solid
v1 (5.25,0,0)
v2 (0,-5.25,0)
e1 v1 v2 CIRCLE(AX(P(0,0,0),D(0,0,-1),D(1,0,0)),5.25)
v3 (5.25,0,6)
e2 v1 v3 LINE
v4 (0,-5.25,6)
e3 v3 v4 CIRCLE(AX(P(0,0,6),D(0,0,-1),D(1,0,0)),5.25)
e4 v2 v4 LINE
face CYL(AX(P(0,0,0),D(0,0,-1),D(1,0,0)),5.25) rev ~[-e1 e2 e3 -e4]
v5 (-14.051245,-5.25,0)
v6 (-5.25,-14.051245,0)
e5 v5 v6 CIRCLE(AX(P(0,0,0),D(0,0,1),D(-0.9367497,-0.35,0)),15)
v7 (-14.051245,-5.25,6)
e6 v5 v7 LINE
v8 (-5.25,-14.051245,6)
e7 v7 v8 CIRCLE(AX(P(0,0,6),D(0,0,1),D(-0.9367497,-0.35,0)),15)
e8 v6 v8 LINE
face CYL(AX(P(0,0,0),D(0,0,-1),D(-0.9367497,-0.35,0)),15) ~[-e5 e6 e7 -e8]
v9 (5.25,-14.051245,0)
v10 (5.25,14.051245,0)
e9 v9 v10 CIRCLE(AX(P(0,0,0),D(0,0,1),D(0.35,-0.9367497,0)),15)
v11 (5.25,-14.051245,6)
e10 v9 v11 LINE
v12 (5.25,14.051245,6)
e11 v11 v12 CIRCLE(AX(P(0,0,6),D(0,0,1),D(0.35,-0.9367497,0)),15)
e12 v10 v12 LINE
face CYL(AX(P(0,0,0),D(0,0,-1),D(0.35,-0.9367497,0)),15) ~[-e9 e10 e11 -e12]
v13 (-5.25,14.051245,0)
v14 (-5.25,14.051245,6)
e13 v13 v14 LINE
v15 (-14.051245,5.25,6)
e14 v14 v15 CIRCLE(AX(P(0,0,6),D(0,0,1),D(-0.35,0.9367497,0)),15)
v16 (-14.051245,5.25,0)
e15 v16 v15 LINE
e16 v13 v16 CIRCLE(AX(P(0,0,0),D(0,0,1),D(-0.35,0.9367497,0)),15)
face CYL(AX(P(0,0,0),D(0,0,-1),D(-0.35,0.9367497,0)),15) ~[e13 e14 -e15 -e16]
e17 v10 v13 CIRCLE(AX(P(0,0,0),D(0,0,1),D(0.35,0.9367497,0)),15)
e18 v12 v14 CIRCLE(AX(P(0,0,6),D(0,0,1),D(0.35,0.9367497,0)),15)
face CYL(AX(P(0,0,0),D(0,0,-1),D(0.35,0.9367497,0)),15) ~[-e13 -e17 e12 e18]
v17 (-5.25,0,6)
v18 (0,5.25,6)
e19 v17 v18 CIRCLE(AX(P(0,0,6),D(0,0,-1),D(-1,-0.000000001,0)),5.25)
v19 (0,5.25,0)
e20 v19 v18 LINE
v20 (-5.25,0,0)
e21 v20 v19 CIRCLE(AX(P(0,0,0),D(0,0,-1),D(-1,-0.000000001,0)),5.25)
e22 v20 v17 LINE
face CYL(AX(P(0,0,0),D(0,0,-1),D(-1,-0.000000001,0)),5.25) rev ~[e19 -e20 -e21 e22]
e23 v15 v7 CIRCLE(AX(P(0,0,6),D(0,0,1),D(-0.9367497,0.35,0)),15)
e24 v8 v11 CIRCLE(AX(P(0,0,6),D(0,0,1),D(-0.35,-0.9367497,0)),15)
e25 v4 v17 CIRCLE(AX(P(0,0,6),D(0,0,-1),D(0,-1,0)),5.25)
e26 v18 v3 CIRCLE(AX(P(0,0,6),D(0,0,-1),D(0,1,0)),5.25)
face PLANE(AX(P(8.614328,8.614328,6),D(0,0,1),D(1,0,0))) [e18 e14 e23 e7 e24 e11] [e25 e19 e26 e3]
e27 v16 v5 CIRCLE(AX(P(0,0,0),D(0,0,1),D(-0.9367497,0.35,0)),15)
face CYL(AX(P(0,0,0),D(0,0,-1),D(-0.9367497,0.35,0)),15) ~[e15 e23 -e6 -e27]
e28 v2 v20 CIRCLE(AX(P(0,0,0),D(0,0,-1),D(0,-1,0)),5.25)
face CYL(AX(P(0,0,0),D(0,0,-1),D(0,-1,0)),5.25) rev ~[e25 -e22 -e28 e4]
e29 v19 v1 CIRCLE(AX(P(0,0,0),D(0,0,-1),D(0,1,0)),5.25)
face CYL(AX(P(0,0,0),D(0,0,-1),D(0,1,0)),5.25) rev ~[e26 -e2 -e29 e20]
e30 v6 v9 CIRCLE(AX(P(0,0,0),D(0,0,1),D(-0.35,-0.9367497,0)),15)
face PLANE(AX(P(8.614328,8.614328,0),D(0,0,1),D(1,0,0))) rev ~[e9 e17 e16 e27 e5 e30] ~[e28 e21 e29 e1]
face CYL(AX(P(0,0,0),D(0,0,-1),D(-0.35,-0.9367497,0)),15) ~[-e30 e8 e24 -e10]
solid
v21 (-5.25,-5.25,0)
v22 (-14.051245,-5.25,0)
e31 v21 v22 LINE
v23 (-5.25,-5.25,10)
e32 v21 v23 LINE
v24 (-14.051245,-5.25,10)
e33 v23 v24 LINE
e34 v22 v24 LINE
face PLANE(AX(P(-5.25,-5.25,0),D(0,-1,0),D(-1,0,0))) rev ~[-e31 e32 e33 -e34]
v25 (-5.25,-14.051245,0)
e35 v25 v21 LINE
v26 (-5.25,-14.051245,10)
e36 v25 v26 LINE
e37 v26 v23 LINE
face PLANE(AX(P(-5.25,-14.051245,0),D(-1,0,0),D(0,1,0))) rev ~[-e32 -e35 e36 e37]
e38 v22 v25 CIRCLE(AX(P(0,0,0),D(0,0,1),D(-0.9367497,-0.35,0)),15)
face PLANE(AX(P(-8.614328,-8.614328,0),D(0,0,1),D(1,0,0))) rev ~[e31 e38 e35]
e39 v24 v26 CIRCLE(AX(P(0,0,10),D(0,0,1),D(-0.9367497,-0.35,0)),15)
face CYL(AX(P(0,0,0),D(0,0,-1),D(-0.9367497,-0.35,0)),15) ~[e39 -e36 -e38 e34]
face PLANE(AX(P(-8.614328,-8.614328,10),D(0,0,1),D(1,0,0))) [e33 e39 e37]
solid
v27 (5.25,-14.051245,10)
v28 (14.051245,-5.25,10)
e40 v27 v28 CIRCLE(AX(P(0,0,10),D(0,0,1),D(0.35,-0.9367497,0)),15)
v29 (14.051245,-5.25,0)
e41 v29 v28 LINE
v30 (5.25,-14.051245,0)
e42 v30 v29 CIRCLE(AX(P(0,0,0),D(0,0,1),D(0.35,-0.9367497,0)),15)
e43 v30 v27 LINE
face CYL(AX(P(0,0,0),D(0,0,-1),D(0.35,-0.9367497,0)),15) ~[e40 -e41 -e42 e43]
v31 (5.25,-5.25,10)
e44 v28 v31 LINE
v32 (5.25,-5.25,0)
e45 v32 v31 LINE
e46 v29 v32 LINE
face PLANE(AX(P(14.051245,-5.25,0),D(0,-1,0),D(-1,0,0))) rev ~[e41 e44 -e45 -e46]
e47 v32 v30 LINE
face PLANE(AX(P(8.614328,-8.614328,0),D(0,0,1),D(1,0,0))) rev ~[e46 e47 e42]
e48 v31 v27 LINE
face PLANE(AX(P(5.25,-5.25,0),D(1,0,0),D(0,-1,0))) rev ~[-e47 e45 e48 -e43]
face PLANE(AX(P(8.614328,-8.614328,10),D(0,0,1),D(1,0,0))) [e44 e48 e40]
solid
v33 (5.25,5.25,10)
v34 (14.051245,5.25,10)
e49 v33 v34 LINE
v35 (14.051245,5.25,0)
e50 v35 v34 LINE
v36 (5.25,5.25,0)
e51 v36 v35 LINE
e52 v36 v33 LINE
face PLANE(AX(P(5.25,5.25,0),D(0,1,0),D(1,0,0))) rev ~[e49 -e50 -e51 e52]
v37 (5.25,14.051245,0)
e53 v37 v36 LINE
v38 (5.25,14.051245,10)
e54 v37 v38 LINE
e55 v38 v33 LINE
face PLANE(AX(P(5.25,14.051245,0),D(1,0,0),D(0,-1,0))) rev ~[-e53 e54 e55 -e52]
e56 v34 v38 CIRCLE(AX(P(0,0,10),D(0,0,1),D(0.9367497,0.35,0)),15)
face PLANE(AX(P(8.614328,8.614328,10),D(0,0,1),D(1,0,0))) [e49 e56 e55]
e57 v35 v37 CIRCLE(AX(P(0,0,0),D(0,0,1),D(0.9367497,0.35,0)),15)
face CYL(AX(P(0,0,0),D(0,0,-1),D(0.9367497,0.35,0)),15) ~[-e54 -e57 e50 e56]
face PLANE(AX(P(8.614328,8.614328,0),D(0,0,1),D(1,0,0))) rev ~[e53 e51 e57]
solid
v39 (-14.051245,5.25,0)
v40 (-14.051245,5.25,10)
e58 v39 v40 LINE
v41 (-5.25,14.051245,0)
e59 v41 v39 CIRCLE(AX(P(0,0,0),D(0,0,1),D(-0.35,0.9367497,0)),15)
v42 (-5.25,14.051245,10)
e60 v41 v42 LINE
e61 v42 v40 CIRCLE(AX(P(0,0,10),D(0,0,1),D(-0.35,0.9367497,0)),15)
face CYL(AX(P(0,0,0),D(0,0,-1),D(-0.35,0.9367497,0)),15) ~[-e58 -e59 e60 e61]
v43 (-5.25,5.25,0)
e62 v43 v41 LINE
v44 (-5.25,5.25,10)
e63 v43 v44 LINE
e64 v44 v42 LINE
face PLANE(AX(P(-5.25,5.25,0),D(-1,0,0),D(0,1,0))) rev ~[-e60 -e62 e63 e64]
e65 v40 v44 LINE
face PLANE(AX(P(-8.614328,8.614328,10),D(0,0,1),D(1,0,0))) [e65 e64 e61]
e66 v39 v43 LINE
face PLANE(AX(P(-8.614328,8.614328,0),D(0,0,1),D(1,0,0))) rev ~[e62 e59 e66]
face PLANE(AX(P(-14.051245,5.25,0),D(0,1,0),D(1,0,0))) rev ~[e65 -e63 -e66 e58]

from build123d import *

# Parameters (mm, degrees)
F1_DEPTH = 6
F2_DEPTH = 10


with BuildPart() as f1:
    # F0 (on Top) → F1 (new body)
    with BuildSketch(Plane.XY):
        with BuildLine():
            Line((5.25, 5.25), (14.0512454964, 5.25))
            ThreePointArc((14.0512454964, 5.25), (10.6066017178, 10.6066017178), (5.25, 14.0512454964))
            Line((5.25, 14.0512454964), (5.25, 5.25))
        make_face()
        with BuildLine():
            Line((5.25, 5.25), (5.25, 14.0512454964))
            ThreePointArc((5.25, 14.0512454964), (0, 15), (-5.25, 14.0512454964))
            Line((-5.25, 14.0512454964), (-5.25, 5.25))
            Line((-5.25, 5.25), (1.7e-09, 5.25))
            Line((1.7e-09, 5.25), (5.25, 5.25))
        make_face()
        with BuildLine():
            Line((-5.25, 5.25), (-5.25, 14.0512454964))
            ThreePointArc((-5.25, 14.0512454964), (-10.6066017178, 10.6066017178), (-14.0512454964, 5.25))
            Line((-14.0512454964, 5.25), (-5.25, 5.25))
        make_face()
        with BuildLine():
            Line((-5.25, 5.25), (-14.0512454964, 5.25))
            ThreePointArc((-14.0512454964, 5.25), (-15, 0), (-14.0512454964, -5.25))
            Line((-14.0512454964, -5.25), (-5.25, -5.25))
            Line((-5.25, -5.25), (-5.25, -4.1e-09))
            Line((-5.25, -4.1e-09), (-5.25, 5.25))
        make_face()
        with BuildLine():
            ThreePointArc((-14.0512454964, -5.25), (-10.6066017178, -10.6066017178), (-5.25, -14.0512454964))
            Line((-5.25, -14.0512454964), (-5.25, -5.25))
            Line((-5.25, -5.25), (-14.0512454964, -5.25))
        make_face()
        with BuildLine():
            ThreePointArc((-5.25, -14.0512454964), (0, -15), (5.25, -14.0512454964))
            Line((5.25, -14.0512454964), (5.25, -5.25))
            Line((5.25, -5.25), (0, -5.25))
            Line((0, -5.25), (-5.25, -5.25))
            Line((-5.25, -5.25), (-5.25, -14.0512454964))
        make_face()
        with BuildLine():
            ThreePointArc((5.25, -14.0512454964), (10.6066017178, -10.6066017178), (14.0512454964, -5.25))
            Line((14.0512454964, -5.25), (5.25, -5.25))
            Line((5.25, -5.25), (5.25, -14.0512454964))
        make_face()
        with BuildLine():
            ThreePointArc((14.0512454964, -5.25), (14.7609058402, -2.6675192177), (15, 0))
            ThreePointArc((15, 0), (14.7609058402, 2.6675192177), (14.0512454964, 5.25))
            Line((14.0512454964, 5.25), (5.25, 5.25))
            Line((5.25, 5.25), (5.25, 0))
            Line((5.25, 0), (5.25, -5.25))
            Line((5.25, -5.25), (14.0512454964, -5.25))
        make_face()
        with BuildLine():
            Line((5.25, 0), (5.25, 5.25))
            Line((5.25, 5.25), (1.7e-09, 5.25))
            ThreePointArc((1.7e-09, 5.25), (3.7123106018, 3.7123106006), (5.25, 0))
        make_face()
        with BuildLine():
            ThreePointArc((-5.25, -4.1e-09), (-3.712310602, 3.7123106004), (1.7e-09, 5.25))
            Line((1.7e-09, 5.25), (-5.25, 5.25))
            Line((-5.25, 5.25), (-5.25, -4.1e-09))
        make_face()
        with BuildLine():
            Line((-5.25, -5.25), (0, -5.25))
            ThreePointArc((0, -5.25), (-3.7123105998, -3.7123106027), (-5.25, -4.1e-09))
            Line((-5.25, -4.1e-09), (-5.25, -5.25))
        make_face()
        with BuildLine():
            Line((0, -5.25), (5.25, -5.25))
            Line((5.25, -5.25), (5.25, 0))
            ThreePointArc((5.25, 0), (3.7123106012, -3.7123106012), (0, -5.25))
        make_face()
    extrude(amount=F1_DEPTH)


with BuildPart() as f2:
    # F0 (on Top) → F2 (new body)
    with BuildSketch(Plane.XY):
        with BuildLine():
            Line((-5.25, 5.25), (-5.25, 14.0512454964))
            ThreePointArc((-5.25, 14.0512454964), (-10.6066017178, 10.6066017178), (-14.0512454964, 5.25))
            Line((-14.0512454964, 5.25), (-5.25, 5.25))
        make_face()
    extrude(amount=F2_DEPTH)


with BuildPart() as f2b:
    # F0 (on Top) → F2, piece 2 (new body)
    with BuildSketch(Plane.XY):
        with BuildLine():
            ThreePointArc((-14.0512454964, -5.25), (-10.6066017178, -10.6066017178), (-5.25, -14.0512454964))
            Line((-5.25, -14.0512454964), (-5.25, -5.25))
            Line((-5.25, -5.25), (-14.0512454964, -5.25))
        make_face()
    extrude(amount=F2_DEPTH)


with BuildPart() as f2c:
    # F0 (on Top) → F2, piece 3 (new body)
    with BuildSketch(Plane.XY):
        with BuildLine():
            ThreePointArc((5.25, -14.0512454964), (10.6066017178, -10.6066017178), (14.0512454964, -5.25))
            Line((14.0512454964, -5.25), (5.25, -5.25))
            Line((5.25, -5.25), (5.25, -14.0512454964))
        make_face()
    extrude(amount=F2_DEPTH)


with BuildPart() as f2d:
    # F0 (on Top) → F2, piece 4 (new body)
    with BuildSketch(Plane.XY):
        with BuildLine():
            Line((5.25, 5.25), (14.0512454964, 5.25))
            ThreePointArc((14.0512454964, 5.25), (10.6066017178, 10.6066017178), (5.25, 14.0512454964))
            Line((5.25, 14.0512454964), (5.25, 5.25))
        make_face()
    extrude(amount=F2_DEPTH)


solid = Compound([f1.part, f2.part, f2b.part, f2c.part, f2d.part])
